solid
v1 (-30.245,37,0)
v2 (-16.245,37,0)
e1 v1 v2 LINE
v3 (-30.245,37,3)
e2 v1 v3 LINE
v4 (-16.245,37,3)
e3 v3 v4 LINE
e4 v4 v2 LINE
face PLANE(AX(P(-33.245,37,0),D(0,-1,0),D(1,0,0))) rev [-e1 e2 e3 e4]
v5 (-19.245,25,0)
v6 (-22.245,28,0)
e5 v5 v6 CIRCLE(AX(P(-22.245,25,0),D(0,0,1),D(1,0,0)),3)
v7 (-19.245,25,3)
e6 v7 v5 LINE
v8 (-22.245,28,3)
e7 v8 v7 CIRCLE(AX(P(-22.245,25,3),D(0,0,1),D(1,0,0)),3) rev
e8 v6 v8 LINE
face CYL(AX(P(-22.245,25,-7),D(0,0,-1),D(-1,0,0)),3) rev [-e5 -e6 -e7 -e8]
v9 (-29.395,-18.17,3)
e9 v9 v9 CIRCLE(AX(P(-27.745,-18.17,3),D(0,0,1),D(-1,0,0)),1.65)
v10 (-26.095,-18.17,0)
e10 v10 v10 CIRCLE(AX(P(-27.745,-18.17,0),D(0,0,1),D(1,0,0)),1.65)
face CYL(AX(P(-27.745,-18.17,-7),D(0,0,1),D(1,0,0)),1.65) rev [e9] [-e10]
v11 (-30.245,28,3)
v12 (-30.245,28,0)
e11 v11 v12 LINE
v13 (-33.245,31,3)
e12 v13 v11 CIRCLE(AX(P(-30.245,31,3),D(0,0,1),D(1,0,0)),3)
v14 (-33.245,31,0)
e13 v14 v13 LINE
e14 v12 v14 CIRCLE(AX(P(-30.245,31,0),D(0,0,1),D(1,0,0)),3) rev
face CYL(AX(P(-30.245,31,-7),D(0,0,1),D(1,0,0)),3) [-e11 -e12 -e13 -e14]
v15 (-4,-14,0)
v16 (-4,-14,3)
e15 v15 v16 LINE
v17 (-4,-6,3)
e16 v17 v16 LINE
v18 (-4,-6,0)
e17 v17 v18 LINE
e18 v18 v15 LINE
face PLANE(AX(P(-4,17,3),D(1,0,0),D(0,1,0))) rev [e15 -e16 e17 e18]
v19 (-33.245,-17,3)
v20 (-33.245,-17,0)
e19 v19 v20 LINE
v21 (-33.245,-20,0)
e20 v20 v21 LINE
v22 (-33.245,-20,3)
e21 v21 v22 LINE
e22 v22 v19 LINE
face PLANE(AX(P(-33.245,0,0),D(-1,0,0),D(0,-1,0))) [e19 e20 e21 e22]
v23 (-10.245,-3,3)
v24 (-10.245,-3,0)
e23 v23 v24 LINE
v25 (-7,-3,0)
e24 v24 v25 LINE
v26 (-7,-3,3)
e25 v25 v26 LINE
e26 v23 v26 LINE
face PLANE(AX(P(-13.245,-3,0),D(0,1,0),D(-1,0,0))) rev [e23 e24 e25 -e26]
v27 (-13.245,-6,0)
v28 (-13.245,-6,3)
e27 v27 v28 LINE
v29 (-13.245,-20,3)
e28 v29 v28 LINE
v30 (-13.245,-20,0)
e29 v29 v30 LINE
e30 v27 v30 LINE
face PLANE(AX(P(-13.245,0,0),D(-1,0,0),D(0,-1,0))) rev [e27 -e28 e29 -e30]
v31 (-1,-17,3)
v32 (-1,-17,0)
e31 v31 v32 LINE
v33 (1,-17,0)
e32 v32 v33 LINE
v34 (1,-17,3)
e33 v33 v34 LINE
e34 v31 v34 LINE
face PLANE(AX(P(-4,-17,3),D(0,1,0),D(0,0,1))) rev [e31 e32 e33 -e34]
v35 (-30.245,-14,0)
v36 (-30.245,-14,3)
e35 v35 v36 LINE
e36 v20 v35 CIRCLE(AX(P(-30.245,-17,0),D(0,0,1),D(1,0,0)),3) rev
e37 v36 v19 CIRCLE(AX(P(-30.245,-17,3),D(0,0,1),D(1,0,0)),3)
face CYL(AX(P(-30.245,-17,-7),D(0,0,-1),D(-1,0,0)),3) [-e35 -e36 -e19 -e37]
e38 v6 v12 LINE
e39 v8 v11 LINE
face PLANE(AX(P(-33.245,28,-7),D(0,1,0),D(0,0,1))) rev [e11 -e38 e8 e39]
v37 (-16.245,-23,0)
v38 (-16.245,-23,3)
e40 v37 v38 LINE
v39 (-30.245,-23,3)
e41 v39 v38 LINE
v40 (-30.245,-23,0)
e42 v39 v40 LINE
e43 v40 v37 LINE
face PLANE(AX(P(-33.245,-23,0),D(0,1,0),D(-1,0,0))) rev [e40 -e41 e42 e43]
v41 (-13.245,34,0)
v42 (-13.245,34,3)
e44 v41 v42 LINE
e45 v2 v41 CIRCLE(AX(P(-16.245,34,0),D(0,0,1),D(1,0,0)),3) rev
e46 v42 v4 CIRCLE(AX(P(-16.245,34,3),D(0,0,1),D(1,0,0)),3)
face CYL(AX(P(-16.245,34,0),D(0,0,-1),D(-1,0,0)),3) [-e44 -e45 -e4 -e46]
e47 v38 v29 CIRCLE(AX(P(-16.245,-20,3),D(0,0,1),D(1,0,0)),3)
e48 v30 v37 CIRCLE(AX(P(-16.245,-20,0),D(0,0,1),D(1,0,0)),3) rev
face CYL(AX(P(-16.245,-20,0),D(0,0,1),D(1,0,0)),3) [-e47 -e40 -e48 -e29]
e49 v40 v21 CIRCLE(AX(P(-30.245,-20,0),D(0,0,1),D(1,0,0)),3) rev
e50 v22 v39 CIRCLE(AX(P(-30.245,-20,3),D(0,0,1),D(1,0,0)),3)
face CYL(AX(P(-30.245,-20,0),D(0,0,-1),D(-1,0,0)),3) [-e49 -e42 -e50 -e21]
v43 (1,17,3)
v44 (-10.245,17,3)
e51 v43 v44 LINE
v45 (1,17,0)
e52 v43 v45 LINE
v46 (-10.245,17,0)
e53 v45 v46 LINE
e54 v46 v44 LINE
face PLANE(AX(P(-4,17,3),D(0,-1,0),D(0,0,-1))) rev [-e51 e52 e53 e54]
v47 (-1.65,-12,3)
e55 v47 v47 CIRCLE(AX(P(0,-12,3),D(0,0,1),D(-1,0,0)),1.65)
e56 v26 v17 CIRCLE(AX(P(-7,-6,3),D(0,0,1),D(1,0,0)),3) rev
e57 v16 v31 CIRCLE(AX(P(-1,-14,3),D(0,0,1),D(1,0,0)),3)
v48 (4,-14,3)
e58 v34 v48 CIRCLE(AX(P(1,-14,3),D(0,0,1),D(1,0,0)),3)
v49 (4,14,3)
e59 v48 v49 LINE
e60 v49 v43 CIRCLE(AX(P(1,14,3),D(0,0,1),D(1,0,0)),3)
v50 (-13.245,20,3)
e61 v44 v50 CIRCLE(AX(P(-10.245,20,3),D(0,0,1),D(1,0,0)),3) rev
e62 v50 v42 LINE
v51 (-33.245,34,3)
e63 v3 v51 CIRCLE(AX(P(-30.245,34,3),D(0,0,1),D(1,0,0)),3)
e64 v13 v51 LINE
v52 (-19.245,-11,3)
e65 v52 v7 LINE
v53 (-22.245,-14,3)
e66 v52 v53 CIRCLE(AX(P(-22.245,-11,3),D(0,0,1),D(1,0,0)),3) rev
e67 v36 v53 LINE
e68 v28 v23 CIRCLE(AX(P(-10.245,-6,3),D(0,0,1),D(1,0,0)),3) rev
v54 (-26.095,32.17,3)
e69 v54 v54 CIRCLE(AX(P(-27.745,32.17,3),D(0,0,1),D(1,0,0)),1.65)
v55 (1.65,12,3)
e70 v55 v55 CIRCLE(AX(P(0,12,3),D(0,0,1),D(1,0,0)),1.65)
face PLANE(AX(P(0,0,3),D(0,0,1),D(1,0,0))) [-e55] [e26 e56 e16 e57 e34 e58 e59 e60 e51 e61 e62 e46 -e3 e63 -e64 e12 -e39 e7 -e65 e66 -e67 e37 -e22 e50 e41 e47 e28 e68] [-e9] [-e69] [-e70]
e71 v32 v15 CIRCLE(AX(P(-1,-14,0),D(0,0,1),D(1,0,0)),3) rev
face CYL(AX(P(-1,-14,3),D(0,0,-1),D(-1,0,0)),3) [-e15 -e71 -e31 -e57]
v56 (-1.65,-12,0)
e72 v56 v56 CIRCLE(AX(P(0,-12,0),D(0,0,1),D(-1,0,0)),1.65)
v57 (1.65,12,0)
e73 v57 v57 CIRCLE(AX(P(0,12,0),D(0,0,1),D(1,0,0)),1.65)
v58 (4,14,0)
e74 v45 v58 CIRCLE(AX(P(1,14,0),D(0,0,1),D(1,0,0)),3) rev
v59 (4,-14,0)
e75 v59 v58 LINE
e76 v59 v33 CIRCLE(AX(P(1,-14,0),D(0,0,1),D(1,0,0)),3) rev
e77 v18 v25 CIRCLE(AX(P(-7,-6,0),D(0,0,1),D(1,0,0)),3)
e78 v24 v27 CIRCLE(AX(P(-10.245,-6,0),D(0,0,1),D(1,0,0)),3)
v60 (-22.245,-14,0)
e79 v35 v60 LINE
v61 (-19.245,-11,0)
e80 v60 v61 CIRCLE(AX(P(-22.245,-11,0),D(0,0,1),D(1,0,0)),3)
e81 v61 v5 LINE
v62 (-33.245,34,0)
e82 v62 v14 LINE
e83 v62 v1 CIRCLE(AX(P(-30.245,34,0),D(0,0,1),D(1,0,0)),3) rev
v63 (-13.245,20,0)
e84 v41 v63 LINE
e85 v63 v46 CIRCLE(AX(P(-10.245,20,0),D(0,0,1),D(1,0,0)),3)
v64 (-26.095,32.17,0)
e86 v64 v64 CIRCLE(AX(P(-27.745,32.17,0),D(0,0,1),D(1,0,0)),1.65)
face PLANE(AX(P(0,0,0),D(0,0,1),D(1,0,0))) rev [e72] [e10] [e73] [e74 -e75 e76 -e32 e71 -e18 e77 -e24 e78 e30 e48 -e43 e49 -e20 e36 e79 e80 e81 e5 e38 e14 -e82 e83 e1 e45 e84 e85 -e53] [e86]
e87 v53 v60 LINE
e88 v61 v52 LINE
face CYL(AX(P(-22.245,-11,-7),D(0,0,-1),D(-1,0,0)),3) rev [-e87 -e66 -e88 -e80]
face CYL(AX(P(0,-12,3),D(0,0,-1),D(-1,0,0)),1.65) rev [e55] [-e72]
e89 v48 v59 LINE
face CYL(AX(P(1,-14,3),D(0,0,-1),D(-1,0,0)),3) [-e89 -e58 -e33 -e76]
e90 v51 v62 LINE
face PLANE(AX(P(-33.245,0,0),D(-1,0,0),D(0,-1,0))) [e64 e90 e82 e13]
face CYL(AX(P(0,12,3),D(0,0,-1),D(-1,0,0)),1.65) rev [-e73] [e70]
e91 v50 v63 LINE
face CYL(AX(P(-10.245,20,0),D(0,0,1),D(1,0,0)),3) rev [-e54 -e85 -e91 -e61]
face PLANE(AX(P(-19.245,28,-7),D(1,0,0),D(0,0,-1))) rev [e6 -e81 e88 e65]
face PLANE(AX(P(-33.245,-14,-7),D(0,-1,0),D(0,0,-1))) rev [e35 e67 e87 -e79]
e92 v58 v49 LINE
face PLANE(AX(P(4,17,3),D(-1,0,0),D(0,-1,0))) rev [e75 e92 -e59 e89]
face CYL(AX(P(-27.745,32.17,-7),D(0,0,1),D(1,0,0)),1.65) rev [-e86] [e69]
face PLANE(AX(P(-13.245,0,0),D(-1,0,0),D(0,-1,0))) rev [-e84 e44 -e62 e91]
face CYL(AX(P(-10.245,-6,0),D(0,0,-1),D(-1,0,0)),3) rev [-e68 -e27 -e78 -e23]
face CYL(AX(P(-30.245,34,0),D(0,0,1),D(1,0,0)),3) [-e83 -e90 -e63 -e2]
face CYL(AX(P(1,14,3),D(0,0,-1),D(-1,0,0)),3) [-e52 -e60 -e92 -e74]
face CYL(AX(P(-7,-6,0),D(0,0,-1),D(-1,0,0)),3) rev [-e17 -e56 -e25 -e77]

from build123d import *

# Parameters (mm, degrees)
SKETCH1_W           = 8
SKETCH1_H           = 34
SKETCH1_R           = 1.65
BOSS_EXTRUDE1_DEPTH = 3
SKETCH9_W           = 3
SKETCH9_H           = 20
BOSS_EXTRUDE6_DEPTH = 9.245
SKETCH10_W          = 3
SKETCH10_H          = 60
BOSS_EXTRUDE7_DEPTH = 20
SKETCH11_W          = 14
SKETCH11_H          = 42
CUT_EXTRUDE1_DEPTH  = 10
SKETCH12_R          = 1.65
CUT_EXTRUDE2_DEPTH  = 10
FILLET7_R           = 3


with BuildPart() as part:
    # Sketch1 → Boss-Extrude1 (new body)
    with BuildSketch(Plane.XY):
        Rectangle(SKETCH1_W, SKETCH1_H)
        with Locations((0, 12)):
            Circle(SKETCH1_R, mode=Mode.SUBTRACT)
        with Locations(Location((0, -12, 0), (0, 0, 180))):
            Circle(SKETCH1_R, mode=Mode.SUBTRACT)
    extrude(amount=BOSS_EXTRUDE1_DEPTH)

    # Sketch9 → Boss-Extrude6 (add)
    with BuildSketch(Plane.ZY.offset(4)):
        with Locations((1.5, 7)):
            Rectangle(SKETCH9_W, SKETCH9_H)
    extrude(amount=BOSS_EXTRUDE6_DEPTH)

    # Sketch10 → Boss-Extrude7 (add)
    with BuildSketch(Plane.ZY.offset(13.245)):
        with Locations((1.5, 7)):
            Rectangle(SKETCH10_W, SKETCH10_H)
    extrude(amount=BOSS_EXTRUDE7_DEPTH)

    # Sketch11 → Cut-Extrude1 (cut)
    with BuildSketch(Plane.XY.offset(3)):
        with Locations((-26.245, 7)):
            Rectangle(SKETCH11_W, SKETCH11_H)
    extrude(amount=-CUT_EXTRUDE1_DEPTH, mode=Mode.SUBTRACT)

    # Sketch12 → Cut-Extrude2 (cut)
    with BuildSketch(Plane.XY.offset(3)):
        with Locations((-27.745, 32.17)):
            Circle(SKETCH12_R)
        with Locations((-27.745, -18.17)):
            Circle(SKETCH12_R)
    extrude(amount=-CUT_EXTRUDE2_DEPTH, mode=Mode.SUBTRACT)

    # Fillet7
    fillet7_edges = [part.edges().sort_by_distance(p)[0] for p in [
        (-4, -3, 1.5),
        (-13.245, -3, 1.5),
        (-13.245, 17, 1.5),
        (-13.245, 37, 1.5),
        (-13.245, -23, 1.5),
        (-33.245, 37, 1.5),
        (-33.245, -23, 1.5),
        (-33.245, -14, 1.5),
        (-33.245, 28, 1.5),
        (-19.245, 28, 1.5),
        (-19.245, -14, 1.5),
        (4, -17, 1.5),
        (-4, -17, 1.5),
        (4, 17, 1.5),
    ]]
    fillet(fillet7_edges, radius=FILLET7_R)


solid = part.part
